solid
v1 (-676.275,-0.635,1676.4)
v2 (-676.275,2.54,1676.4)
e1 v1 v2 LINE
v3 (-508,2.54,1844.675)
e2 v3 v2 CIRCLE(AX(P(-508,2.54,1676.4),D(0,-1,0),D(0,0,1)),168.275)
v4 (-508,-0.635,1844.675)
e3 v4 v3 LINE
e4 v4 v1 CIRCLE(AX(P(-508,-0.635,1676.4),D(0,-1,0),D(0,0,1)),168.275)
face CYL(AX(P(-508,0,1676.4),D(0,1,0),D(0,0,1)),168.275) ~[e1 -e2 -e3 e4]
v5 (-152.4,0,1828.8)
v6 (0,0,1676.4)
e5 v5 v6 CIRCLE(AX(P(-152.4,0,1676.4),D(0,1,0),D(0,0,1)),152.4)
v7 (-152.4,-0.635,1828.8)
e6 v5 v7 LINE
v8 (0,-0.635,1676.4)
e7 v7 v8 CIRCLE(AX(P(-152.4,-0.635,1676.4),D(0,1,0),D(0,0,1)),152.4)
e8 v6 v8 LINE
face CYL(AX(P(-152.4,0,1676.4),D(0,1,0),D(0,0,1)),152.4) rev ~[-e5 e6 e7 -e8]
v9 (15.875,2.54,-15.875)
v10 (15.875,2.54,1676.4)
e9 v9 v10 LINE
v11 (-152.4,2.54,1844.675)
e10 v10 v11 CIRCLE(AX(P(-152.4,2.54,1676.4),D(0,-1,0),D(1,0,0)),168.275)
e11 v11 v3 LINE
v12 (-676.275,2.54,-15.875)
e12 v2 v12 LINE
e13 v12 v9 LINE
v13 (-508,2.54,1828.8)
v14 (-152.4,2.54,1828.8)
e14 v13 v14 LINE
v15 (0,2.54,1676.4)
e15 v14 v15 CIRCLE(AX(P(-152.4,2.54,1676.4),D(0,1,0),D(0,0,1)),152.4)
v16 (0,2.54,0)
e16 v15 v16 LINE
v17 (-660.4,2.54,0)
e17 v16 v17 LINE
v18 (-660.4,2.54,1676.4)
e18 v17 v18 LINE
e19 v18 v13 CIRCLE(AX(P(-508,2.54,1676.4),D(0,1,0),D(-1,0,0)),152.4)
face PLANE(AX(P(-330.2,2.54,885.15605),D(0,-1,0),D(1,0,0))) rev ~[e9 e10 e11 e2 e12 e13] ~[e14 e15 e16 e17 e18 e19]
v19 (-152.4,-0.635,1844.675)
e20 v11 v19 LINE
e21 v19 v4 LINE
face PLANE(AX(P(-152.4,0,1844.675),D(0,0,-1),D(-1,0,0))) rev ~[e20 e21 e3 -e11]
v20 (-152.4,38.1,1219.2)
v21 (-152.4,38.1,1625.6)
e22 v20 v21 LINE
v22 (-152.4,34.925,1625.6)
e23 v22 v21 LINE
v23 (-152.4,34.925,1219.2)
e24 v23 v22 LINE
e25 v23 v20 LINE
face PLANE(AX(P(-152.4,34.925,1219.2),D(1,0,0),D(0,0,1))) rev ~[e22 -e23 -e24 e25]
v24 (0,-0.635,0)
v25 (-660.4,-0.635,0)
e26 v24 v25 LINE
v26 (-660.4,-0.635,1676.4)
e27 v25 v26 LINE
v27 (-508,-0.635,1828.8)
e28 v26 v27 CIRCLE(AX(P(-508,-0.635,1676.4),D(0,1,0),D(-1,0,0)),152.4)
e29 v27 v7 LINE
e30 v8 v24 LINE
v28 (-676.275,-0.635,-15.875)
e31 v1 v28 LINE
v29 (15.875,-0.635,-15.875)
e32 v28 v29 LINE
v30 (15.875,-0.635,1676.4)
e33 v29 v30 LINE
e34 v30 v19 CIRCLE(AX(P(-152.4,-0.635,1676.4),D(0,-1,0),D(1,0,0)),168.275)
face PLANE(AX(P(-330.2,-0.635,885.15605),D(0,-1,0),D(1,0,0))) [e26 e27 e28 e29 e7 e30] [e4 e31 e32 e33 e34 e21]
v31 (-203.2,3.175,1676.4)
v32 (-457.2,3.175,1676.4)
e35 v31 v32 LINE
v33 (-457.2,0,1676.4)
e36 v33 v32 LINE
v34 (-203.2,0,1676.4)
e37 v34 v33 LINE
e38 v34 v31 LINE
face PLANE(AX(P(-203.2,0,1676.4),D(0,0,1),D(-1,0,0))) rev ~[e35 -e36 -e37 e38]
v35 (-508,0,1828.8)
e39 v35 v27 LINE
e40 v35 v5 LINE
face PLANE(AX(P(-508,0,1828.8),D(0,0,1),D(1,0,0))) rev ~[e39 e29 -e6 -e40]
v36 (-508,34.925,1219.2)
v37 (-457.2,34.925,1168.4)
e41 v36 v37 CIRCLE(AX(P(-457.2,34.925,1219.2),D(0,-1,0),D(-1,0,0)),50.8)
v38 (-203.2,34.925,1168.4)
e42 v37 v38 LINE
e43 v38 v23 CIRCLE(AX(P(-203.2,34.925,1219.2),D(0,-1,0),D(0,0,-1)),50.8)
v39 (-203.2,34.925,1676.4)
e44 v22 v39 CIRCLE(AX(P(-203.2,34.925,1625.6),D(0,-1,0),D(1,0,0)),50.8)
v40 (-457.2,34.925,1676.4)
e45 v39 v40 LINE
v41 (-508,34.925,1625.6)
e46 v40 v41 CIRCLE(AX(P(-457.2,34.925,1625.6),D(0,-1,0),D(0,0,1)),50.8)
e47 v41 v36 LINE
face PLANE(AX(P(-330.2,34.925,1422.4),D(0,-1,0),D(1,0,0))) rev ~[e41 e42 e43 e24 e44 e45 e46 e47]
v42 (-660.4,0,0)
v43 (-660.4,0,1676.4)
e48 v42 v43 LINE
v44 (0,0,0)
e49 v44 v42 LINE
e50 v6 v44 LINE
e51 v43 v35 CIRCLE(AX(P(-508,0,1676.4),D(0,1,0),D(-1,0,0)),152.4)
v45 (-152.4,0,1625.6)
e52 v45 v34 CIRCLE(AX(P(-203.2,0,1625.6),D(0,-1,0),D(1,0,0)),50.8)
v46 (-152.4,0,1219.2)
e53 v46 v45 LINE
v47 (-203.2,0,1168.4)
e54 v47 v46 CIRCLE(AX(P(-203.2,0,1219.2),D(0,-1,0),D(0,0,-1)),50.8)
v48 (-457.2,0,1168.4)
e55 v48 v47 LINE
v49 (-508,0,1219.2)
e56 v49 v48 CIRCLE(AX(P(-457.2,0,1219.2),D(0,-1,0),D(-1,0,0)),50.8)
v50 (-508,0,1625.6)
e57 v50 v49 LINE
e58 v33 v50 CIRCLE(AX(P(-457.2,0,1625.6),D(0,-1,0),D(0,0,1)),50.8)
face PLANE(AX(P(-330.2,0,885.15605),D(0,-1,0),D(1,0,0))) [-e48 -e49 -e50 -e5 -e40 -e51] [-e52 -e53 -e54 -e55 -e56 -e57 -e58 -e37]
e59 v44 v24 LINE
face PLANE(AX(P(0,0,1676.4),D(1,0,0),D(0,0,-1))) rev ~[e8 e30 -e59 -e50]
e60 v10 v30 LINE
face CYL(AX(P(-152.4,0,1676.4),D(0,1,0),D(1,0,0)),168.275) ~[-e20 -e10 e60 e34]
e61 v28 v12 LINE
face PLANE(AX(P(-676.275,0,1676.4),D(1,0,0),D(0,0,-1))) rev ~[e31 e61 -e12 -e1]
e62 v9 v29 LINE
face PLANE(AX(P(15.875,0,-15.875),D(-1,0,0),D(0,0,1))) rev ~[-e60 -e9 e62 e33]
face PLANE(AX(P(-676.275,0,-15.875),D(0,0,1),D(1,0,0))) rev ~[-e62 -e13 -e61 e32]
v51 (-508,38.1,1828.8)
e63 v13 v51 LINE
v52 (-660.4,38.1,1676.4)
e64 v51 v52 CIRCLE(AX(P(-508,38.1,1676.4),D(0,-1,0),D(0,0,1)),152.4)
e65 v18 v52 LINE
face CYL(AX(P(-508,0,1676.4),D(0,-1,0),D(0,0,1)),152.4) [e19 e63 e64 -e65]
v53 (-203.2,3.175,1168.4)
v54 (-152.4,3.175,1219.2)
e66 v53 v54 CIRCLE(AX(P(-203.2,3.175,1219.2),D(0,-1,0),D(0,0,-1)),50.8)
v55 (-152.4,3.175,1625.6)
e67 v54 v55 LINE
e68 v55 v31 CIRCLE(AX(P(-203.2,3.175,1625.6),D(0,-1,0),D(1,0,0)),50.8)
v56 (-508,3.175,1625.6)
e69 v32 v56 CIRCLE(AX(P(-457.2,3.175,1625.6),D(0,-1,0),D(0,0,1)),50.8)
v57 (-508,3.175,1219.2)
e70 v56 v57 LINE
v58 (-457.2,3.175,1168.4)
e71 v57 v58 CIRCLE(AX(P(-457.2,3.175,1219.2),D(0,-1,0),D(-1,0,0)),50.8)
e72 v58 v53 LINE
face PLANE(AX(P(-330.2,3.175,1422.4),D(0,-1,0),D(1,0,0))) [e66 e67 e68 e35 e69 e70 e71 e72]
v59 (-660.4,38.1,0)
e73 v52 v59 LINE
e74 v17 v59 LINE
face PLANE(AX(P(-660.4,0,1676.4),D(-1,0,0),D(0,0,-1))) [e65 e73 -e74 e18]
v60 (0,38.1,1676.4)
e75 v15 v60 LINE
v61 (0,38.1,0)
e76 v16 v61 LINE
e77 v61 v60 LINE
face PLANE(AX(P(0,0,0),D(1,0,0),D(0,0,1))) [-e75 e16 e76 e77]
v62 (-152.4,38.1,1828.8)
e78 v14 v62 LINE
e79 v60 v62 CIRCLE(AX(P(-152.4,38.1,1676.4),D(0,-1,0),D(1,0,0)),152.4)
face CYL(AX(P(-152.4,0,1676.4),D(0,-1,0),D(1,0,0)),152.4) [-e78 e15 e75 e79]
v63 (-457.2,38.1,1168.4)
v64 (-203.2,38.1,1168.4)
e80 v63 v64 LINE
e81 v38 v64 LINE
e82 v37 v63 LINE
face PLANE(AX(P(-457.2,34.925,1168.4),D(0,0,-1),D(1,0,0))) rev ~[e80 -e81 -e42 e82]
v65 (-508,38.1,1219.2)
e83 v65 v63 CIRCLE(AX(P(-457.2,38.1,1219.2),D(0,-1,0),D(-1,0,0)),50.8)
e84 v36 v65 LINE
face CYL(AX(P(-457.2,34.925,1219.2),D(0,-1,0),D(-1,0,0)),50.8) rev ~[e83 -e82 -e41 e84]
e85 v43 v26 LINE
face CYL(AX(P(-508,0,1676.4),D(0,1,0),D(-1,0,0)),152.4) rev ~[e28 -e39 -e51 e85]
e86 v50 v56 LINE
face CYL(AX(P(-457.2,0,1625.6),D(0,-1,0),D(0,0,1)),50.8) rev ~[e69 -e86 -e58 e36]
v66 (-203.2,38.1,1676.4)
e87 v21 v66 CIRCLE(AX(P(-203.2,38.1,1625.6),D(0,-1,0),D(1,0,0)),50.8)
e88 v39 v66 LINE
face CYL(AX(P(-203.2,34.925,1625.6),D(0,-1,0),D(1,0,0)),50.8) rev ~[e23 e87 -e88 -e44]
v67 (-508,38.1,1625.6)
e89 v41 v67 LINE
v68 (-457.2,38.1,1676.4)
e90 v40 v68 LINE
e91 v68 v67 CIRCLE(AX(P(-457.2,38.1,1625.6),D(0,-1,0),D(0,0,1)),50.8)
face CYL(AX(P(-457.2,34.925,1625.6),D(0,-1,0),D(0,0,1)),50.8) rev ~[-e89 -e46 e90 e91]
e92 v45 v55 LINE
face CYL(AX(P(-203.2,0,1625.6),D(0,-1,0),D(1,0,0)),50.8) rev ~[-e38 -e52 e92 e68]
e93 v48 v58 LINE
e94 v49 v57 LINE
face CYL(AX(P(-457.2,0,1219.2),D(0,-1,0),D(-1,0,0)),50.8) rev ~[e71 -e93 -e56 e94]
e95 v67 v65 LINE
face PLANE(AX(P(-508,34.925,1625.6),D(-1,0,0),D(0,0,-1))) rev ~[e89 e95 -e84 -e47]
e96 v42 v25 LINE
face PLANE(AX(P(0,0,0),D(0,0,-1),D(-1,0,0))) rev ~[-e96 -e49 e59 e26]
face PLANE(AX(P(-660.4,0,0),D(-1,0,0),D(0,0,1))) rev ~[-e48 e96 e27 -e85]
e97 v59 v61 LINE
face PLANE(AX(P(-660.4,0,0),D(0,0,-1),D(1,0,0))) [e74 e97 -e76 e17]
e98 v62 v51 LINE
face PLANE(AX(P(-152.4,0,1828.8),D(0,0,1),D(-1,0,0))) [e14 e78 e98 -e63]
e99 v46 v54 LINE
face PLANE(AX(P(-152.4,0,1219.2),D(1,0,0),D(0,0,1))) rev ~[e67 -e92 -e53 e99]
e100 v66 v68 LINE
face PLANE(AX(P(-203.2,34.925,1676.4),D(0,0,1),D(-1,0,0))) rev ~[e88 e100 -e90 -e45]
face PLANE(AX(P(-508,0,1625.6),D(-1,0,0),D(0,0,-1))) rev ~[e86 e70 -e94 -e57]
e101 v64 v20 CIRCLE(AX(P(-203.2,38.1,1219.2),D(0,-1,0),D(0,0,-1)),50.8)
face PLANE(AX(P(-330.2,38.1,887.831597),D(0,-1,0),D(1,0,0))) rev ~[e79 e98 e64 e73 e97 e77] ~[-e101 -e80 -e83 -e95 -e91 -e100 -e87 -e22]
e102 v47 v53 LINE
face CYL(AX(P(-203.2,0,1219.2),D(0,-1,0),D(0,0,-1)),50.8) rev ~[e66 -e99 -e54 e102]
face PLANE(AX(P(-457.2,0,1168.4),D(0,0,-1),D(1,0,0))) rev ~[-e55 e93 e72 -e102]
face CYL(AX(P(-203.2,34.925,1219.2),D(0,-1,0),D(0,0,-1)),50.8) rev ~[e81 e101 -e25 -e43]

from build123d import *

# Parameters (mm, degrees)
F1_DEPTH      = 38.1
F2_DEPTH      = 2.54
F2_DEPTH_BACK = 0.635
F3_DEPTH      = 3.175
F4_START      = -34.925
F4_DEPTH      = 3.175


with BuildPart() as f1:
    # F0 (on Front) → F1 (new body)
    with BuildSketch(Plane.XZ):
        with BuildLine():
            Line((-660.4, 0), (0, 0))
            Line((0, 0), (0, 1676.4))
            ThreePointArc((0, 1676.4), (-44.6369265472, 1784.1630734528), (-152.4, 1828.8))
            Line((-152.4, 1828.8), (-508, 1828.8))
            ThreePointArc((-508, 1828.8), (-615.7630734528, 1784.1630734528), (-660.4, 1676.4))
            Line((-660.4, 1676.4), (-660.4, 0))
        make_face()
        with BuildLine():
            ThreePointArc((-508, 1625.6), (-493.1210244843, 1661.5210244843), (-457.2, 1676.4))
            Line((-457.2, 1676.4), (-203.2, 1676.4))
            ThreePointArc((-203.2, 1676.4), (-167.2789755157, 1661.5210244843), (-152.4, 1625.6))
            Line((-152.4, 1625.6), (-152.4, 1219.2))
            ThreePointArc((-152.4, 1219.2), (-167.2789755157, 1183.2789755157), (-203.2, 1168.4))
            Line((-203.2, 1168.4), (-457.2, 1168.4))
            ThreePointArc((-457.2, 1168.4), (-493.1210244843, 1183.2789755157), (-508, 1219.2))
            Line((-508, 1219.2), (-508, 1625.6))
        make_face(mode=Mode.SUBTRACT)
        with BuildLine():
            Line((-203.2, 1676.4), (-457.2, 1676.4))
            ThreePointArc((-457.2, 1676.4), (-493.1210244843, 1661.5210244843), (-508, 1625.6))
            Line((-508, 1625.6), (-508, 1219.2))
            ThreePointArc((-508, 1219.2), (-493.1210244843, 1183.2789755157), (-457.2, 1168.4))
            Line((-457.2, 1168.4), (-203.2, 1168.4))
            ThreePointArc((-203.2, 1168.4), (-167.2789755157, 1183.2789755157), (-152.4, 1219.2))
            Line((-152.4, 1219.2), (-152.4, 1625.6))
            ThreePointArc((-152.4, 1625.6), (-167.2789755157, 1661.5210244843), (-203.2, 1676.4))
        make_face()
    extrude(amount=-F1_DEPTH)

    # F0 (on Front) → F2 (join, two sides)
    with BuildSketch(Plane.XZ) as f2_sk:
        with BuildLine():
            Line((-676.275, -15.875), (15.875, -15.875))
            Line((15.875, -15.875), (15.875, 1676.4))
            ThreePointArc((15.875, 1676.4), (-33.4116063958, 1795.3883936042), (-152.4, 1844.675))
            Line((-152.4, 1844.675), (-508, 1844.675))
            ThreePointArc((-508, 1844.675), (-626.9883936042, 1795.3883936042), (-676.275, 1676.4))
            Line((-676.275, 1676.4), (-676.275, -15.875))
        make_face()
        with BuildLine():
            Line((0, 1676.4), (0, 0))
            Line((0, 0), (-660.4, 0))
            Line((-660.4, 0), (-660.4, 1676.4))
            ThreePointArc((-660.4, 1676.4), (-615.7630734528, 1784.1630734528), (-508, 1828.8))
            Line((-508, 1828.8), (-152.4, 1828.8))
            ThreePointArc((-152.4, 1828.8), (-44.6369265472, 1784.1630734528), (0, 1676.4))
        make_face(mode=Mode.SUBTRACT)
    extrude(amount=-F2_DEPTH)
    extrude(f2_sk.sketch, amount=F2_DEPTH_BACK)

    # F0 (on Front) → F3 (cut)
    with BuildSketch(Plane.XZ):
        with BuildLine():
            Line((-203.2, 1676.4), (-457.2, 1676.4))
            ThreePointArc((-457.2, 1676.4), (-493.1210244843, 1661.5210244843), (-508, 1625.6))
            Line((-508, 1625.6), (-508, 1219.2))
            ThreePointArc((-508, 1219.2), (-493.1210244843, 1183.2789755157), (-457.2, 1168.4))
            Line((-457.2, 1168.4), (-203.2, 1168.4))
            ThreePointArc((-203.2, 1168.4), (-167.2789755157, 1183.2789755157), (-152.4, 1219.2))
            Line((-152.4, 1219.2), (-152.4, 1625.6))
            ThreePointArc((-152.4, 1625.6), (-167.2789755157, 1661.5210244843), (-203.2, 1676.4))
        make_face()
    extrude(amount=-F3_DEPTH, mode=Mode.SUBTRACT)

    # F0 (on Front) → F4 (cut)
    with BuildSketch(Plane.XZ.offset(F4_START)):
        with BuildLine():
            Line((-203.2, 1676.4), (-457.2, 1676.4))
            ThreePointArc((-457.2, 1676.4), (-493.1210244843, 1661.5210244843), (-508, 1625.6))
            Line((-508, 1625.6), (-508, 1219.2))
            ThreePointArc((-508, 1219.2), (-493.1210244843, 1183.2789755157), (-457.2, 1168.4))
            Line((-457.2, 1168.4), (-203.2, 1168.4))
            ThreePointArc((-203.2, 1168.4), (-167.2789755157, 1183.2789755157), (-152.4, 1219.2))
            Line((-152.4, 1219.2), (-152.4, 1625.6))
            ThreePointArc((-152.4, 1625.6), (-167.2789755157, 1661.5210244843), (-203.2, 1676.4))
        make_face()
    extrude(amount=-F4_DEPTH, mode=Mode.SUBTRACT)


solid = f1.part
